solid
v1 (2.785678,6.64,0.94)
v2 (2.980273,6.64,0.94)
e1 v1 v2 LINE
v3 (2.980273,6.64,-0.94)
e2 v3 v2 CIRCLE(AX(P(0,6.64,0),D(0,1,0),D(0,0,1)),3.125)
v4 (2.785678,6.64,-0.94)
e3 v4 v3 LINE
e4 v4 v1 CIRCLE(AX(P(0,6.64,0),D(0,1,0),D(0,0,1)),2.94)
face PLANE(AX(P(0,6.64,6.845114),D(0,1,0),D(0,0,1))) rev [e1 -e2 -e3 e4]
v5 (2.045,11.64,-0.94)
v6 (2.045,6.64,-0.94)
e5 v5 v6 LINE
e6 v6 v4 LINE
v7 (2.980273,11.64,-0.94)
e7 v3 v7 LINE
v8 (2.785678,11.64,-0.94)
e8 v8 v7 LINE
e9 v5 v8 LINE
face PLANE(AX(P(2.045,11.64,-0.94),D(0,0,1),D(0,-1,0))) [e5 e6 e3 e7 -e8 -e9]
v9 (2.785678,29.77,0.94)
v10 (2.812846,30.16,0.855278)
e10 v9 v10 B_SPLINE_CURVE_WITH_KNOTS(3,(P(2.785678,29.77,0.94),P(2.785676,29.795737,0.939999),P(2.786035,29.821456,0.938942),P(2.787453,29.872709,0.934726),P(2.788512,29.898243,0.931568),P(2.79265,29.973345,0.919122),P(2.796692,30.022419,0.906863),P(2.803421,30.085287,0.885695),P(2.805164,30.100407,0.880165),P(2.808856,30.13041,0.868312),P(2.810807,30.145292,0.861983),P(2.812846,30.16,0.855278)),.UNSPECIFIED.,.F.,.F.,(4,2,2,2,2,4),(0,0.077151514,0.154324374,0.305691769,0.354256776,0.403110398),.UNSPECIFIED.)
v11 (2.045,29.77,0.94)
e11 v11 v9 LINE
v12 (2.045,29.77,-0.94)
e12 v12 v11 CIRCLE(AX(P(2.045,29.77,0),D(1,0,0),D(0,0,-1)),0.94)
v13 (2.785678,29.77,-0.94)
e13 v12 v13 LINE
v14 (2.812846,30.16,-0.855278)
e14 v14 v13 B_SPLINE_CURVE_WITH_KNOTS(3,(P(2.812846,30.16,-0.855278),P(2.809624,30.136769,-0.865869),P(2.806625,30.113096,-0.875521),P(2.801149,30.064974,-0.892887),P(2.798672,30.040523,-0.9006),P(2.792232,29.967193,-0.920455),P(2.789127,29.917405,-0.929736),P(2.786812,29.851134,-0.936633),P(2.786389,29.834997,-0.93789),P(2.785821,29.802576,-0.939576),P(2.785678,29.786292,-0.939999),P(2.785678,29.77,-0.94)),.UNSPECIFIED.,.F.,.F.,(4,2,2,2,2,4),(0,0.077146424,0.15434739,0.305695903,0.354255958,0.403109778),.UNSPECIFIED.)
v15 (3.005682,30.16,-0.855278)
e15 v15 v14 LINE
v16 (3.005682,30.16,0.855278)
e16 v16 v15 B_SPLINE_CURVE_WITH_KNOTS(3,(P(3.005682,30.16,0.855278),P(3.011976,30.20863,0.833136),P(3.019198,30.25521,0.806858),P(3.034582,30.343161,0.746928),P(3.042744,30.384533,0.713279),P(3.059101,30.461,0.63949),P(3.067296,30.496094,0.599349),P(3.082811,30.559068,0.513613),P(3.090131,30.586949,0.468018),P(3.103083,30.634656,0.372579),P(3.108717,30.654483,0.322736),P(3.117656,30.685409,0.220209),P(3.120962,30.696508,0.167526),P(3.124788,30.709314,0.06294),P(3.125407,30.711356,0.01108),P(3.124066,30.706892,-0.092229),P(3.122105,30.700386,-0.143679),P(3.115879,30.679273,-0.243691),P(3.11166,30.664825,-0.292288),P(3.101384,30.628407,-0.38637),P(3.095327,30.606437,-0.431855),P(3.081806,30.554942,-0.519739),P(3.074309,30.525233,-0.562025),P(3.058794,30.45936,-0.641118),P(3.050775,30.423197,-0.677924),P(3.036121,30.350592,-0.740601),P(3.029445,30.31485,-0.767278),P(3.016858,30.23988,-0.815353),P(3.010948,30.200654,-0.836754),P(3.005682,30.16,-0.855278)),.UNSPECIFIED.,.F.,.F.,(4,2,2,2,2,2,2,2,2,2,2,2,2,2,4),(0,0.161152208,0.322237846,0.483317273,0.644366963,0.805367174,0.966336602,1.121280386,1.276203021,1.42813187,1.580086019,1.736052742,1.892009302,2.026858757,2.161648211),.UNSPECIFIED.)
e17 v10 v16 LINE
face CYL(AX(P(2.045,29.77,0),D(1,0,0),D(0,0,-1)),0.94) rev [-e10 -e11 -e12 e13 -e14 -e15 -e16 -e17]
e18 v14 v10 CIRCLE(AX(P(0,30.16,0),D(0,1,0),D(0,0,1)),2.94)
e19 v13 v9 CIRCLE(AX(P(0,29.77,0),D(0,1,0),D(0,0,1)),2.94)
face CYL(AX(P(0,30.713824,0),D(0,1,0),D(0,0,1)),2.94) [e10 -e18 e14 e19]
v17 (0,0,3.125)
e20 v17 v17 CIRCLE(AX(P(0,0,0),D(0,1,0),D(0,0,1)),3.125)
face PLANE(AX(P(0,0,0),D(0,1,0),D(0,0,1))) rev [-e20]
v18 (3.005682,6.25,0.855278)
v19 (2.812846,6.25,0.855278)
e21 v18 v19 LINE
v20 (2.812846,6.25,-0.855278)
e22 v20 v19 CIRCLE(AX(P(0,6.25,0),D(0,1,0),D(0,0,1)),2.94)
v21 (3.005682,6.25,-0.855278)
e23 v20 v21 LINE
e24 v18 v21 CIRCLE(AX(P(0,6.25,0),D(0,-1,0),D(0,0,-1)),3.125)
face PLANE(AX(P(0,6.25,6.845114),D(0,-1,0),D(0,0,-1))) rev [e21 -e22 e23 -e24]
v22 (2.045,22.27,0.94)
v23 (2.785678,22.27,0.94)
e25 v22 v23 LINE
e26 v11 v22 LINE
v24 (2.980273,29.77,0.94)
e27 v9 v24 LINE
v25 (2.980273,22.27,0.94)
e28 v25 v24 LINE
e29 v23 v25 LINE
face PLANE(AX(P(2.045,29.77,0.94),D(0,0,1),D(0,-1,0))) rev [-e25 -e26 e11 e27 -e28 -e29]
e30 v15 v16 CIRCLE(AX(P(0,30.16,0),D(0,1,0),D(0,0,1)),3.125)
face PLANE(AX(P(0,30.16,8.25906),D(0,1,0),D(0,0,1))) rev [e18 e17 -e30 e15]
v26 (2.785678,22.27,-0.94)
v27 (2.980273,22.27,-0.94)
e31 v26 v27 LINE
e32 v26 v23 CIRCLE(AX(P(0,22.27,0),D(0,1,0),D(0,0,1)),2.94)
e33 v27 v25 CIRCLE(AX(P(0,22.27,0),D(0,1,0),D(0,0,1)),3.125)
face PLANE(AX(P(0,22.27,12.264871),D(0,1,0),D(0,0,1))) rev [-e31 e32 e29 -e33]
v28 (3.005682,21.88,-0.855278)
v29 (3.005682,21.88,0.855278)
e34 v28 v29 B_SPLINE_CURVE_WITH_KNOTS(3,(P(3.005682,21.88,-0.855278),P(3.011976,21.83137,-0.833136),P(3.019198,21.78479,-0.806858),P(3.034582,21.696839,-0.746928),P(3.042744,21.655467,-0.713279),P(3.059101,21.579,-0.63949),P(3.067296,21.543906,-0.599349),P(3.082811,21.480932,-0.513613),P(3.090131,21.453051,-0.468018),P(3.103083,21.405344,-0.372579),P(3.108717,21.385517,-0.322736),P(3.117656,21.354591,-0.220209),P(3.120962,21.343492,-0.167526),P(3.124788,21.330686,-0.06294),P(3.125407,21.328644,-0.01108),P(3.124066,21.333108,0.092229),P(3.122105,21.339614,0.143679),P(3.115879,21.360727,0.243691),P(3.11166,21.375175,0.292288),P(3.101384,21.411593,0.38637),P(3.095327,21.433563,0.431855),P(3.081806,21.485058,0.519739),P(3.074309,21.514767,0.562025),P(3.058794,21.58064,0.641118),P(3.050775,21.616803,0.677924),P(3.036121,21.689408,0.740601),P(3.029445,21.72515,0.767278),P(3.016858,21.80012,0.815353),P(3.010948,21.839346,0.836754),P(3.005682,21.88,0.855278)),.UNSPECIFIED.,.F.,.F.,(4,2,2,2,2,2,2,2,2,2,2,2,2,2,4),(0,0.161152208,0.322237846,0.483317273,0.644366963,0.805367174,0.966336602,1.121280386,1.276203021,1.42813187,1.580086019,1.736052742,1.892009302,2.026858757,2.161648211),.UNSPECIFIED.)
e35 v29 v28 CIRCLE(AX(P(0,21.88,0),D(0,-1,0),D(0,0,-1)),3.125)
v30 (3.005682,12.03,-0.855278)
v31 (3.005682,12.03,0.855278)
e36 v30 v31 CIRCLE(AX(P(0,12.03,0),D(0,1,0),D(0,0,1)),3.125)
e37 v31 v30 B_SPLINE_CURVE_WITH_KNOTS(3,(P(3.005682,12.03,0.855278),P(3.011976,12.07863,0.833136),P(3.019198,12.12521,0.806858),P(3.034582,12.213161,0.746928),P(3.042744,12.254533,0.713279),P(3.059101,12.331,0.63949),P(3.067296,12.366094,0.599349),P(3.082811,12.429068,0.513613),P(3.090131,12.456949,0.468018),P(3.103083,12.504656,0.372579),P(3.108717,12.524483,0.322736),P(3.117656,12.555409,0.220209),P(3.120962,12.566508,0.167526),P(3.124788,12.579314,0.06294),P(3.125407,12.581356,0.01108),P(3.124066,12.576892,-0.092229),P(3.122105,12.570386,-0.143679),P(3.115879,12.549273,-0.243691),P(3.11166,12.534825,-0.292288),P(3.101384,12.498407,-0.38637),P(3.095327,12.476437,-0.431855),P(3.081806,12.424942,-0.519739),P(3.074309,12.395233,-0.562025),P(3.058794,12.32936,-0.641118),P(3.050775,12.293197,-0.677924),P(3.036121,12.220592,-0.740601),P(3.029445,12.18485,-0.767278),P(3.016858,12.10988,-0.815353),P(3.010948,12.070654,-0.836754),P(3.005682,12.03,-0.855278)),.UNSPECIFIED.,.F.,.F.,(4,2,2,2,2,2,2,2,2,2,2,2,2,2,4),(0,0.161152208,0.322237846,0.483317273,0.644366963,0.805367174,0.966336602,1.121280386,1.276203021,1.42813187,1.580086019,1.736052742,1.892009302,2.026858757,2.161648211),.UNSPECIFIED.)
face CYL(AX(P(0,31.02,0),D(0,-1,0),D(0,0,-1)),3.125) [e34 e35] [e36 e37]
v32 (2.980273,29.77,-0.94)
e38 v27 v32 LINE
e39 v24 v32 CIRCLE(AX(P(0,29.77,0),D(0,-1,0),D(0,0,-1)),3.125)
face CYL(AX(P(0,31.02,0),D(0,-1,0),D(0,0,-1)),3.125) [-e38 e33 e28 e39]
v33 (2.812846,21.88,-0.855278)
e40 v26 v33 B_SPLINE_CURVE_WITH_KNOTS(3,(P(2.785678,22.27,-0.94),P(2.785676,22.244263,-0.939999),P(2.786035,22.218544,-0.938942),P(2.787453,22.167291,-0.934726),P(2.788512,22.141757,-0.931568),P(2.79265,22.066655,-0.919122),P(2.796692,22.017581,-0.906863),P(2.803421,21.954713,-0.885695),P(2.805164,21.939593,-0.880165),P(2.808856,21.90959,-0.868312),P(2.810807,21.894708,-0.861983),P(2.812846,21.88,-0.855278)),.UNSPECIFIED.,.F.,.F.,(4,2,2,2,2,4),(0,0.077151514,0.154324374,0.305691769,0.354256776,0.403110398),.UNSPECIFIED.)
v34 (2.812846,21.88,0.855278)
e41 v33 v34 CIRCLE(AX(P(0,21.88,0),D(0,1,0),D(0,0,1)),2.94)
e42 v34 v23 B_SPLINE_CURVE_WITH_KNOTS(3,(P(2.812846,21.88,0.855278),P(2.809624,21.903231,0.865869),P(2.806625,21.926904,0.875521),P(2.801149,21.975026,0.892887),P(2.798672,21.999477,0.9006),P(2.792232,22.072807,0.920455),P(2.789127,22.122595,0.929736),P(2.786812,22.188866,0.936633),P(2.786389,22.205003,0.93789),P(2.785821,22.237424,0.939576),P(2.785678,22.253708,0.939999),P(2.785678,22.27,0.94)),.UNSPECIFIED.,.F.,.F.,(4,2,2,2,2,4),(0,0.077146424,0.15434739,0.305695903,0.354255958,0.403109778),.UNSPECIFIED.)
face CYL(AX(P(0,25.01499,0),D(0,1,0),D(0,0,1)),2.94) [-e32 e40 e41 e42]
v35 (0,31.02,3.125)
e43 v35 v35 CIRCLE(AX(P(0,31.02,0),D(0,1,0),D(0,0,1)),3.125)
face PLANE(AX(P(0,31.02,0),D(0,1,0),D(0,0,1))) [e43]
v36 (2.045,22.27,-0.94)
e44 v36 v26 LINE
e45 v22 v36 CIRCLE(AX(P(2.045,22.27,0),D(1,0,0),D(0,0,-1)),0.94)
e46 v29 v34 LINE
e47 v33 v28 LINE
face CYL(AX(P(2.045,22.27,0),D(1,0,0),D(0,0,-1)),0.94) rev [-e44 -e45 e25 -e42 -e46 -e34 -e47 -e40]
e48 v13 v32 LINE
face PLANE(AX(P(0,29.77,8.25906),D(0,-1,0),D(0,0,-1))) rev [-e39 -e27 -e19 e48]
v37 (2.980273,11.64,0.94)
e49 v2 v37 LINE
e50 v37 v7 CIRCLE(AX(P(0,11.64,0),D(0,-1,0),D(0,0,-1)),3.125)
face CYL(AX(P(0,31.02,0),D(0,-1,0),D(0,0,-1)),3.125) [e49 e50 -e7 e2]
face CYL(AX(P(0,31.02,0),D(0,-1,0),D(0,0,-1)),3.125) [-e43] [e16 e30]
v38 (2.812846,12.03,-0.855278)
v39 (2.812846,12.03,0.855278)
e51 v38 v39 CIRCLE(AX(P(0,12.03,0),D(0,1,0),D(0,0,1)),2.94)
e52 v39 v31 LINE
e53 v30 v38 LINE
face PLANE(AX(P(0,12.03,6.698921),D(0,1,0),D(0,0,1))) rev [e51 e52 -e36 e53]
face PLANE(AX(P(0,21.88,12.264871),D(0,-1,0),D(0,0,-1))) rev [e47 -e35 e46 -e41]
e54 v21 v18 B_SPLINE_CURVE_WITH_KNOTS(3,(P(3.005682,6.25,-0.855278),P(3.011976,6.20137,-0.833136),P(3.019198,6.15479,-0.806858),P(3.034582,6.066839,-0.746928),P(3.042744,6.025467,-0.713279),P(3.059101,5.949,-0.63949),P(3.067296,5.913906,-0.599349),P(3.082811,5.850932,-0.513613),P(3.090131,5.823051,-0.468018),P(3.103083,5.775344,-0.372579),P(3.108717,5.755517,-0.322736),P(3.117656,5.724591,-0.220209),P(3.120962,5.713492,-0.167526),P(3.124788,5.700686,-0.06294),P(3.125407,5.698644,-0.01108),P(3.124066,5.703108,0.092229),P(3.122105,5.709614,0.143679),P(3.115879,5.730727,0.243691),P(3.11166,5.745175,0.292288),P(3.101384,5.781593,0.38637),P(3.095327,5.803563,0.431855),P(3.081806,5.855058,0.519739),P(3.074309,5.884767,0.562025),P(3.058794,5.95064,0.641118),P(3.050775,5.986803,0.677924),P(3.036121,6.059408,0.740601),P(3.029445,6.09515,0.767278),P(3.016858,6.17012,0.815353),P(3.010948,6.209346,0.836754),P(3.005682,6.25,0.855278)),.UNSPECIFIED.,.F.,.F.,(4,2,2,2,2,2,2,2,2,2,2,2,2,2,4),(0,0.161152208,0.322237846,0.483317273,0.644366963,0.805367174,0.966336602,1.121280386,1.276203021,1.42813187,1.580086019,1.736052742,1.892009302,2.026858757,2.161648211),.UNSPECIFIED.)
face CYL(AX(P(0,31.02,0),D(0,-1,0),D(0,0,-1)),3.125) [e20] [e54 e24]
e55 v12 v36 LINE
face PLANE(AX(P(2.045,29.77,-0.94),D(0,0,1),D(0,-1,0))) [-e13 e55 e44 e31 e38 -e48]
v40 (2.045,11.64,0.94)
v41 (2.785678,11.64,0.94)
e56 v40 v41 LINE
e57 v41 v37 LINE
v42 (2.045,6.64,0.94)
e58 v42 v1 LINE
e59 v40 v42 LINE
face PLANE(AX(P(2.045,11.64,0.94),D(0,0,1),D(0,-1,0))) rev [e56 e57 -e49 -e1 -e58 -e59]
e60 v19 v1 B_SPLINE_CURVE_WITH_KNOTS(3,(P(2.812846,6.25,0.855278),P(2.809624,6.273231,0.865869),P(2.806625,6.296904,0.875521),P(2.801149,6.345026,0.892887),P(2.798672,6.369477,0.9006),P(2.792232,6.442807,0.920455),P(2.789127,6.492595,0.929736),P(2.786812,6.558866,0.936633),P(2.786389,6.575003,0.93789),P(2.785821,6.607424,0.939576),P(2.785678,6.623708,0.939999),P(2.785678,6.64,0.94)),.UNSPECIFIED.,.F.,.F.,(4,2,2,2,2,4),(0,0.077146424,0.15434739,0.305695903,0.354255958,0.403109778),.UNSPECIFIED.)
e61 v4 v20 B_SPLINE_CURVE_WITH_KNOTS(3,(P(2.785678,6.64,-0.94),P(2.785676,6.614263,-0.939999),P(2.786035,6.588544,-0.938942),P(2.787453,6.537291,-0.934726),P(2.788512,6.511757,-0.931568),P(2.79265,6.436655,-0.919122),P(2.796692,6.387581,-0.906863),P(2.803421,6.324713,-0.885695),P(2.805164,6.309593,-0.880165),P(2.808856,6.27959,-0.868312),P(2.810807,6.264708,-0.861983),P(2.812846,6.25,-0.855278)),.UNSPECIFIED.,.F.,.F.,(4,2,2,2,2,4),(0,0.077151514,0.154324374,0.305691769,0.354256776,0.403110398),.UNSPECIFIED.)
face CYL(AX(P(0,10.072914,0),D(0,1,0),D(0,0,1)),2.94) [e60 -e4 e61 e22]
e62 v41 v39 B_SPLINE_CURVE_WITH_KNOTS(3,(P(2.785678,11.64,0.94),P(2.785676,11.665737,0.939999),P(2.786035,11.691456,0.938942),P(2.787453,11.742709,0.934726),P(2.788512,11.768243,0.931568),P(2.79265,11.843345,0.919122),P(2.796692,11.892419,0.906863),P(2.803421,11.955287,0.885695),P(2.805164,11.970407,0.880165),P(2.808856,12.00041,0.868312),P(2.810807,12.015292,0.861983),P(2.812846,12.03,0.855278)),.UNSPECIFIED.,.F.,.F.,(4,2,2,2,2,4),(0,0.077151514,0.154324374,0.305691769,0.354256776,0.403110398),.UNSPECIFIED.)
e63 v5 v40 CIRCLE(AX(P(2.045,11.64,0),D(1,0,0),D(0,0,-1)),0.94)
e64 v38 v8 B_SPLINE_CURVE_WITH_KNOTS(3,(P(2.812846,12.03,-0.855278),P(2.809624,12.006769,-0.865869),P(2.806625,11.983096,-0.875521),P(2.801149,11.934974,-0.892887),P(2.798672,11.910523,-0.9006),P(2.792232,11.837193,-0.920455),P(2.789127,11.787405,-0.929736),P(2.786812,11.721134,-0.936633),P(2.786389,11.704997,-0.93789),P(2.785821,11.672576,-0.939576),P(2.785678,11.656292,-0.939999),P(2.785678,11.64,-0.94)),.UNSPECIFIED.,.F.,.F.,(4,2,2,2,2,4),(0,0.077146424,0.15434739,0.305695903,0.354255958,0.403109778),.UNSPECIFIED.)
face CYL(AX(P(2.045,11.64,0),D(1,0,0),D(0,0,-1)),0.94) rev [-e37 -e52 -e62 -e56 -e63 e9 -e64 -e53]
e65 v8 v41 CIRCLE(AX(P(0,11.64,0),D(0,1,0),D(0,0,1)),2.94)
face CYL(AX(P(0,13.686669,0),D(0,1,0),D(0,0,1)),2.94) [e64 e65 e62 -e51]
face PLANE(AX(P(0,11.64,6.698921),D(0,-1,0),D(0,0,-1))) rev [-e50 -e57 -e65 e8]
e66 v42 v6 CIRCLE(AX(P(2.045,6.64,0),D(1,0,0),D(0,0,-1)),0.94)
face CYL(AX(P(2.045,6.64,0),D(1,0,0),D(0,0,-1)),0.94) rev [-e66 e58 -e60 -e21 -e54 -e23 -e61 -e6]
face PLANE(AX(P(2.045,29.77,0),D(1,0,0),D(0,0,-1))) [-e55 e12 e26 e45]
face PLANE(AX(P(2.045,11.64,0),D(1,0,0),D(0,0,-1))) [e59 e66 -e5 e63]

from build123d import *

# Parameters (mm, degrees)
SKETCH1_R           = 3.125
BOSS_EXTRUDE1_DEPTH = 31.02
SKETCH2_W           = 3.905114493
SKETCH2_H           = 0.39
SKETCH3_W           = 3.758921356
SKETCH3_H           = 0.39
SKETCH4_W           = 9.324870886
SKETCH4_H           = 0.39
SKETCH5_W           = 5.319059986
SKETCH5_H           = 0.39
CUT_EXTRUDE1_DEPTH  = 1.08
CUT_EXTRUDE2_DEPTH  = 1.08


with BuildPart() as part:
    # Sketch1 → Boss-Extrude1 (new body)
    with BuildSketch(Plane(origin=(0, 0, 0), x_dir=(1, 0, 0), z_dir=(0, 1, 0))):
        with Locations(Location((0, 0, 0), (0, 0, 270))):
            Circle(SKETCH1_R)
    extrude(amount=BOSS_EXTRUDE1_DEPTH)

    # Sketch2 → Cut-Revolve1 (revolve, cut)
    with BuildSketch(Plane(origin=(0, 0, 0), x_dir=(0, 0, -1), z_dir=(1, 0, 0))):
        with Locations((-4.892557247, 6.445)):
            Rectangle(SKETCH2_W, SKETCH2_H)
    revolve(axis=Axis((0, 10.072914163, 0), (0, -1, 0)), mode=Mode.SUBTRACT)

    # Sketch3 → Cut-Revolve2 (revolve, cut)
    with BuildSketch(Plane(origin=(0, 0, 0), x_dir=(0, 0, -1), z_dir=(1, 0, 0)), mode=Mode.PRIVATE) as cut_revolve2_sk:
        with Locations((-4.819460678, 11.835)):
            Rectangle(SKETCH3_W, SKETCH3_H)
    revolve(cut_revolve2_sk.sketch.rotate(Axis((0, 13.686668931, 0), (0, -1, 0)), 180), axis=Axis((0, 13.686668931, 0), (0, -1, 0)), mode=Mode.SUBTRACT)

    # Sketch4 → Cut-Revolve3 (revolve, cut)
    with BuildSketch(Plane(origin=(0, 0, 0), x_dir=(0, 0, -1), z_dir=(1, 0, 0)), mode=Mode.PRIVATE) as cut_revolve3_sk:
        with Locations((-7.602435443, 22.075)):
            Rectangle(SKETCH4_W, SKETCH4_H)
    revolve(cut_revolve3_sk.sketch.rotate(Axis((0, 25.014989783, 0), (0, -1, 0)), 180), axis=Axis((0, 25.014989783, 0), (0, -1, 0)), mode=Mode.SUBTRACT)

    # Sketch5 → Cut-Revolve4 (revolve, cut)
    with BuildSketch(Plane(origin=(0, 0, 0), x_dir=(0, 0, -1), z_dir=(1, 0, 0)), mode=Mode.PRIVATE) as cut_revolve4_sk:
        with Locations((-5.599529993, 29.965)):
            Rectangle(SKETCH5_W, SKETCH5_H)
    revolve(cut_revolve4_sk.sketch.rotate(Axis((0, 30.713823838, 0), (0, -1, 0)), 180), axis=Axis((0, 30.713823838, 0), (0, -1, 0)), mode=Mode.SUBTRACT)

    # Sketch6 → Cut-Extrude1 (cut)
    with BuildSketch(Plane(origin=(3.125, 0, 0), x_dir=(0, 0, -1), z_dir=(1, 0, 0))):
        with BuildLine():
            Line((0.94, 29.77), (0.94, 22.27))
            ThreePointArc((0.94, 22.27), (0, 21.33), (-0.94, 22.27))
            Line((-0.94, 22.27), (-0.94, 29.77))
            ThreePointArc((-0.94, 29.77), (0, 30.71), (0.94, 29.77))
        make_face()
    extrude(amount=-CUT_EXTRUDE1_DEPTH, mode=Mode.SUBTRACT)

    # Sketch7 → Cut-Extrude2 (cut)
    with BuildSketch(Plane(origin=(3.125, 0, 0), x_dir=(0, 0, -1), z_dir=(1, 0, 0))):
        with BuildLine():
            Line((0.94, 11.64), (0.94, 6.64))
            ThreePointArc((0.94, 6.64), (0, 5.7), (-0.94, 6.64))
            Line((-0.94, 6.64), (-0.94, 11.64))
            ThreePointArc((-0.94, 11.64), (0, 12.58), (0.94, 11.64))
        make_face()
    extrude(amount=-CUT_EXTRUDE2_DEPTH, mode=Mode.SUBTRACT)


solid = part.part
